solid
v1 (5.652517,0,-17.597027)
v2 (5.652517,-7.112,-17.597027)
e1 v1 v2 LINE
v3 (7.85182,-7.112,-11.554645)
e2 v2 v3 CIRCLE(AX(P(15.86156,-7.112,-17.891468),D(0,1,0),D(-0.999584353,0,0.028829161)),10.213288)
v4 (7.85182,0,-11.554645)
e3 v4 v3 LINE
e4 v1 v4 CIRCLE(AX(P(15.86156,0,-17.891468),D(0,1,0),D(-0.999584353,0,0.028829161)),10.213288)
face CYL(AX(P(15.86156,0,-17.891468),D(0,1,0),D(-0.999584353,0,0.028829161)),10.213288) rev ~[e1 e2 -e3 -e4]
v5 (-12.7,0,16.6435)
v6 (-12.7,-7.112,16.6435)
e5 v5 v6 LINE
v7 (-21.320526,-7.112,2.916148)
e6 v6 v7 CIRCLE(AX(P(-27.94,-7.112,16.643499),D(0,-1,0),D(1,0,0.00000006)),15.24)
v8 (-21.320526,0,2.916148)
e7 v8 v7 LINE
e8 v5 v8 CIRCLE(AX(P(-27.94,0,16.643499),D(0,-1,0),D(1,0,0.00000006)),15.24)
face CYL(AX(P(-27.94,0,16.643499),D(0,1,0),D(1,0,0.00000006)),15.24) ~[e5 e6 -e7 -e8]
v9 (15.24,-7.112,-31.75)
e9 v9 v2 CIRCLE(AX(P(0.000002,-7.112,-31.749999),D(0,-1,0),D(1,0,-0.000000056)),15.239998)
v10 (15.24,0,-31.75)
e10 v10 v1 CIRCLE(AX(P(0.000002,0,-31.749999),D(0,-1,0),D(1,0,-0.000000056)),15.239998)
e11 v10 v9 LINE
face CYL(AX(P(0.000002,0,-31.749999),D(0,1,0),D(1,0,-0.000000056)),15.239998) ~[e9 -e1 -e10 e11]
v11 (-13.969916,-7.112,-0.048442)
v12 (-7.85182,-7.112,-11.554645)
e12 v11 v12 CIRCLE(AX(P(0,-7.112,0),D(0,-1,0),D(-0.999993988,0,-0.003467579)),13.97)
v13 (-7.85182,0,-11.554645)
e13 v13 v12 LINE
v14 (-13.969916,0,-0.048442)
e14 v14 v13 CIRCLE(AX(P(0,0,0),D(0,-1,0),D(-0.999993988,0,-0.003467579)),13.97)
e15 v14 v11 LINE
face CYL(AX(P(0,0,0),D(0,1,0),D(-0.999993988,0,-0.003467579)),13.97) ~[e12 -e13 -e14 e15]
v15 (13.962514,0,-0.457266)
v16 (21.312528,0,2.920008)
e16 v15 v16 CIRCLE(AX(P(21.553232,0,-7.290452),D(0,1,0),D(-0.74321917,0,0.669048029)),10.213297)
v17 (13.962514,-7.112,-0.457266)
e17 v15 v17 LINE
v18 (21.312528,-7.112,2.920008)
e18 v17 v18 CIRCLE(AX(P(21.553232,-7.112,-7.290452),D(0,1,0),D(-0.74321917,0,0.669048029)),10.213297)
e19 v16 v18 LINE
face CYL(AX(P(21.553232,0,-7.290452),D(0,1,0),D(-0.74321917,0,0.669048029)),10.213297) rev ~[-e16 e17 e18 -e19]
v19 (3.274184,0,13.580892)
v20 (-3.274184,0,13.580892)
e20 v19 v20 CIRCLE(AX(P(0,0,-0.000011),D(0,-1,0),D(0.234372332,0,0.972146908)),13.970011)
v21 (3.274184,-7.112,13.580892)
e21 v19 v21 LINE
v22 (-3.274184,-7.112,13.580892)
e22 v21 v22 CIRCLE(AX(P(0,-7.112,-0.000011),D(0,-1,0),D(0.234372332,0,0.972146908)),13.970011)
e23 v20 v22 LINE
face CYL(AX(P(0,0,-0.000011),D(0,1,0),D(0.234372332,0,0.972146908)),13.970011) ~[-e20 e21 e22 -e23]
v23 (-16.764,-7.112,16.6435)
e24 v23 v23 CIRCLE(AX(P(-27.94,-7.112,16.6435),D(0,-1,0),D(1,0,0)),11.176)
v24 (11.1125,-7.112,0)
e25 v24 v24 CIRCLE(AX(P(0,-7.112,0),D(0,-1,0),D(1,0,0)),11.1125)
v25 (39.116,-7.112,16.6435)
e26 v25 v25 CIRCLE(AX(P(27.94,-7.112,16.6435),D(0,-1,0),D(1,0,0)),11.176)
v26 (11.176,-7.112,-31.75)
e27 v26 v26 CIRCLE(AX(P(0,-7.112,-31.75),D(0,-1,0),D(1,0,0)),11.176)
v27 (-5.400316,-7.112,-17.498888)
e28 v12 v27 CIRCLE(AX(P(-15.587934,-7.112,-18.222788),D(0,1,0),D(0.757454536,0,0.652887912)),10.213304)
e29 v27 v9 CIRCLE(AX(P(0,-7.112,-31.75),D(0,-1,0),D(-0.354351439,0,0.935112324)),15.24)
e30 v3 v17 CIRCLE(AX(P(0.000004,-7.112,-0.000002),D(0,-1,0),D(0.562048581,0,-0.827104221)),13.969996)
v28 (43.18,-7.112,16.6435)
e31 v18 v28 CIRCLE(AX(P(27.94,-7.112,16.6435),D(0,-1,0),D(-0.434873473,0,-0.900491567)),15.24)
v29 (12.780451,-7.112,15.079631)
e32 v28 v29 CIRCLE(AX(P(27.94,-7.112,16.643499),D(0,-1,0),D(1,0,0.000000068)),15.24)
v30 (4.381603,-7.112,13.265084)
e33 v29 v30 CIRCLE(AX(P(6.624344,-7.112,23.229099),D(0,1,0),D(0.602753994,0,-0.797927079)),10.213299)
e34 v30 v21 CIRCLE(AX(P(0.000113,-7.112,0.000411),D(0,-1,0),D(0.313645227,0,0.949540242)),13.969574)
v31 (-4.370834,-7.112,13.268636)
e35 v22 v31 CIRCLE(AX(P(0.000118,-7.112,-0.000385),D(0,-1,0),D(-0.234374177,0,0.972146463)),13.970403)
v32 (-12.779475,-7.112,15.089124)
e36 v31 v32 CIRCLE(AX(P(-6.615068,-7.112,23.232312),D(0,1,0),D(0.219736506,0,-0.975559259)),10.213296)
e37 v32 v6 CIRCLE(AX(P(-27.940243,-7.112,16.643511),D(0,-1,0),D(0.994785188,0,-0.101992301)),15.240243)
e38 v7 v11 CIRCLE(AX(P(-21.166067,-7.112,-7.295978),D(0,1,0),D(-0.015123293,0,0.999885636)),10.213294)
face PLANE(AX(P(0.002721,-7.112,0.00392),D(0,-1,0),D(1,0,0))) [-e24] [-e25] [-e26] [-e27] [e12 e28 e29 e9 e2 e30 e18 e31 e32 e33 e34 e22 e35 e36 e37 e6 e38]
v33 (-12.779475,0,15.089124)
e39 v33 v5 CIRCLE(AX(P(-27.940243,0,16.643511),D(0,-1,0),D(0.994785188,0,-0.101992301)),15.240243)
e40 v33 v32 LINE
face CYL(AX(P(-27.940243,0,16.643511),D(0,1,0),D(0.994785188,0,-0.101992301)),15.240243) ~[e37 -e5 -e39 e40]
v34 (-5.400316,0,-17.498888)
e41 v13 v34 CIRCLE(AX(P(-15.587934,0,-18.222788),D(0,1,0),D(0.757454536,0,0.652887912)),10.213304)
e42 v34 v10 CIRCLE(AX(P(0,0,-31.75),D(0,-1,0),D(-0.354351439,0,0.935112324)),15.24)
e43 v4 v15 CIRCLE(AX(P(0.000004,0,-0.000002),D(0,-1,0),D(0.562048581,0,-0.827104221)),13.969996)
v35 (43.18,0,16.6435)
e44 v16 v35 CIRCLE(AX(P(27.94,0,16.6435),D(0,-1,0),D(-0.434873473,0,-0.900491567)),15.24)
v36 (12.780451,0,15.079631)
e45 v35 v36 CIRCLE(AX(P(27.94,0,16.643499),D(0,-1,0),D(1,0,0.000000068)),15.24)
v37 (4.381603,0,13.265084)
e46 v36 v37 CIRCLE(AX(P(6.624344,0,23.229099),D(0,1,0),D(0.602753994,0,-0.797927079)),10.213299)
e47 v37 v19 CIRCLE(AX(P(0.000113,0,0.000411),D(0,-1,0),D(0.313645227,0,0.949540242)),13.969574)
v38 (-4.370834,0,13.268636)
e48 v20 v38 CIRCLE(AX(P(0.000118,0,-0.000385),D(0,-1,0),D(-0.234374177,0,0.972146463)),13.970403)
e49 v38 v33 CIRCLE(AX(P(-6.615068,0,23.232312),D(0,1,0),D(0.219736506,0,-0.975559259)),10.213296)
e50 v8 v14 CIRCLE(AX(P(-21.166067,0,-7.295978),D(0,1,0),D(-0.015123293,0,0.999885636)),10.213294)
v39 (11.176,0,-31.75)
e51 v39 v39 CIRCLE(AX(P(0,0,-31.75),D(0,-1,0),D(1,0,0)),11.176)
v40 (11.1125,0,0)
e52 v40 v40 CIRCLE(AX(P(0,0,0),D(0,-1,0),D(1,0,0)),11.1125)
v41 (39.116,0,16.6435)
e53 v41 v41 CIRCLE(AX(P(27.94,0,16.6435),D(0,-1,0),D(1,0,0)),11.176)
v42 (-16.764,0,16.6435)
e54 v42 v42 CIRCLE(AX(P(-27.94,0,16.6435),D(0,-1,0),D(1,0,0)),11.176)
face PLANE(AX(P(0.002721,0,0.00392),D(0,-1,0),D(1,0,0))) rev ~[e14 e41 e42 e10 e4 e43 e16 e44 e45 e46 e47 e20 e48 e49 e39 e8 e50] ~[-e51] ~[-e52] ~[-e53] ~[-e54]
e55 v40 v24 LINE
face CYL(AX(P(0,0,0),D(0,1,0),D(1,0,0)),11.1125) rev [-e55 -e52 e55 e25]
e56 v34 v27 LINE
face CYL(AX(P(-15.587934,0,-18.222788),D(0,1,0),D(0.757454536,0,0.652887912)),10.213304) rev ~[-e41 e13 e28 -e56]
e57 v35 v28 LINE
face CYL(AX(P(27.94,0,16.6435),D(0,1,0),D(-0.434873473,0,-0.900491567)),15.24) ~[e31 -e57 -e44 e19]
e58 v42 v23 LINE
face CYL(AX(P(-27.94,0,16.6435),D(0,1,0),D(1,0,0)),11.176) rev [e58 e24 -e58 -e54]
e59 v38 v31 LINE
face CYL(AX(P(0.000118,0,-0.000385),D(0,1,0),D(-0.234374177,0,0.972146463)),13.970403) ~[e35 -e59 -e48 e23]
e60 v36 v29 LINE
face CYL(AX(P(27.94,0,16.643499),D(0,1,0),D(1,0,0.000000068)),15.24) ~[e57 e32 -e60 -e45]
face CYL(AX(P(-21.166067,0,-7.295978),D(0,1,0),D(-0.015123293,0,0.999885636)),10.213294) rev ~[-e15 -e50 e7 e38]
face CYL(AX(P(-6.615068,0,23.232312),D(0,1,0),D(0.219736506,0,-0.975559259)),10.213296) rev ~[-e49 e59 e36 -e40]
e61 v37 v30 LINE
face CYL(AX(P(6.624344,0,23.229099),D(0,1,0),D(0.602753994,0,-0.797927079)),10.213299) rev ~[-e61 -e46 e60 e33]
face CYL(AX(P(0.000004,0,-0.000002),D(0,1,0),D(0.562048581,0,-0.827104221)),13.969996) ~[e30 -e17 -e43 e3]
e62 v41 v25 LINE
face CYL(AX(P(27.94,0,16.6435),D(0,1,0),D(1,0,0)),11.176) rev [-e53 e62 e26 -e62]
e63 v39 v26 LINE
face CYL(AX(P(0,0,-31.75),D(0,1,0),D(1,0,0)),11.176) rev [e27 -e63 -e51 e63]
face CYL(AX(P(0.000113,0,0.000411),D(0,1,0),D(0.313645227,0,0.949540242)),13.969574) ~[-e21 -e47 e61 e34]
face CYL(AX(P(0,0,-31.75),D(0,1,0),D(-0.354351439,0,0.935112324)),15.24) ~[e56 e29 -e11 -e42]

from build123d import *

# Parameters (mm, degrees)
F0_R     = 11.1125
F0_R_2   = 11.176
F1_DEPTH = 7.112


with BuildPart() as f1:
    # F0 (on Front) → F1 (new body)
    with BuildSketch(Plane.XZ):
        with BuildLine():
            ThreePointArc((4.381603, 13.265084), (3.823439, 13.407368), (3.274184, 13.580892))
            ThreePointArc((3.274184, 13.580892), (0, 13.97), (-3.274184, 13.580892))
            ThreePointArc((-3.274184, 13.580892), (-3.818148, 13.409448), (-4.370834, 13.268636))
            ThreePointArc((-4.370834, 13.268636), (-11.332781, 8.168781), (-13.969916, -0.048442))
            ThreePointArc((-13.969916, -0.048442), (-12.334716, -6.558634), (-7.85182, -11.554645))
            ThreePointArc((-7.85182, -11.554645), (0, -13.97), (7.85182, -11.554645))
            ThreePointArc((7.85182, -11.554645), (12.237412, -6.738446), (13.962514, -0.457266))
            ThreePointArc((13.962514, -0.457266), (13.968128, -0.228663), (13.97, 0))
            ThreePointArc((13.97, 0), (11.321923, 8.183823), (4.381603, 13.265084))
        make_face()
        Circle(F0_R, mode=Mode.SUBTRACT)
        with BuildLine():
            ThreePointArc((4.381603, 13.265084), (3.831149, 13.434404), (3.274184, 13.580892))
            ThreePointArc((3.274184, 13.580892), (3.823439, 13.407368), (4.381603, 13.265084))
        make_face()
        with BuildLine():
            ThreePointArc((-4.370834, 13.268636), (-3.818148, 13.409448), (-3.274184, 13.580892))
            ThreePointArc((-3.274184, 13.580892), (-3.825696, 13.435957), (-4.370834, 13.268636))
        make_face()
        with BuildLine():
            ThreePointArc((12.780451, 15.079631), (8.781136, 13.246127), (4.381603, 13.265084))
            ThreePointArc((4.381603, 13.265084), (11.321923, 8.183823), (13.97, 0))
            ThreePointArc((13.97, 0), (13.968128, -0.228663), (13.962514, -0.457266))
            ThreePointArc((13.962514, -0.457266), (17.288928, 1.990019), (21.312528, 2.920008))
            ThreePointArc((21.312528, 2.920008), (15.464718, 7.889933), (12.780451, 15.079631))
        make_face()
        with BuildLine():
            ThreePointArc((-13.969916, -0.048442), (-11.332781, 8.168781), (-4.370834, 13.268636))
            ThreePointArc((-4.370834, 13.268636), (-8.776198, 13.250281), (-12.779475, 15.089124))
            ThreePointArc((-12.779475, 15.089124), (-15.464527, 7.890204), (-21.320526, 2.916148))
            ThreePointArc((-21.320526, 2.916148), (-17.345916, 2.175971), (-13.969916, -0.048442))
        make_face()
        with BuildLine():
            ThreePointArc((43.18, 16.6435), (27.157032, 31.863373), (12.780451, 15.079631))
            ThreePointArc((12.780451, 15.079631), (15.464718, 7.889933), (21.312528, 2.920008))
            ThreePointArc((21.312528, 2.920008), (36.041078, 3.73497), (43.18, 16.6435))
        make_face()
        with Locations((27.94, 16.6435)):
            Circle(F0_R_2, mode=Mode.SUBTRACT)
        with BuildLine():
            ThreePointArc((-21.320526, 2.916148), (-15.464527, 7.890204), (-12.779475, 15.089124))
            ThreePointArc((-12.779475, 15.089124), (-12.719882, 15.865297), (-12.7, 16.6435))
            ThreePointArc((-12.7, 16.6435), (-40.846169, 24.748338), (-21.320526, 2.916148))
        make_face()
        with Locations((-27.94, 16.6435)):
            Circle(F0_R_2, mode=Mode.SUBTRACT)
        with BuildLine():
            ThreePointArc((7.85182, -11.554645), (0, -13.97), (-7.85182, -11.554645))
            ThreePointArc((-7.85182, -11.554645), (-6.146083, -14.328813), (-5.400316, -17.498888))
            ThreePointArc((-5.400316, -17.498888), (0.135311, -16.510601), (5.652517, -17.597027))
            ThreePointArc((5.652517, -17.597027), (6.264237, -14.398239), (7.85182, -11.554645))
        make_face()
        with BuildLine():
            ThreePointArc((5.652517, -17.597027), (0.135311, -16.510601), (-5.400316, -17.498888))
            ThreePointArc((-5.400316, -17.498888), (-8.659006, -44.291101), (15.24, -31.75))
            ThreePointArc((15.24, -31.75), (12.617487, -23.202683), (5.652517, -17.597027))
        make_face()
        with Locations((0, -31.75)):
            Circle(F0_R_2, mode=Mode.SUBTRACT)
    extrude(amount=F1_DEPTH)


solid = f1.part
